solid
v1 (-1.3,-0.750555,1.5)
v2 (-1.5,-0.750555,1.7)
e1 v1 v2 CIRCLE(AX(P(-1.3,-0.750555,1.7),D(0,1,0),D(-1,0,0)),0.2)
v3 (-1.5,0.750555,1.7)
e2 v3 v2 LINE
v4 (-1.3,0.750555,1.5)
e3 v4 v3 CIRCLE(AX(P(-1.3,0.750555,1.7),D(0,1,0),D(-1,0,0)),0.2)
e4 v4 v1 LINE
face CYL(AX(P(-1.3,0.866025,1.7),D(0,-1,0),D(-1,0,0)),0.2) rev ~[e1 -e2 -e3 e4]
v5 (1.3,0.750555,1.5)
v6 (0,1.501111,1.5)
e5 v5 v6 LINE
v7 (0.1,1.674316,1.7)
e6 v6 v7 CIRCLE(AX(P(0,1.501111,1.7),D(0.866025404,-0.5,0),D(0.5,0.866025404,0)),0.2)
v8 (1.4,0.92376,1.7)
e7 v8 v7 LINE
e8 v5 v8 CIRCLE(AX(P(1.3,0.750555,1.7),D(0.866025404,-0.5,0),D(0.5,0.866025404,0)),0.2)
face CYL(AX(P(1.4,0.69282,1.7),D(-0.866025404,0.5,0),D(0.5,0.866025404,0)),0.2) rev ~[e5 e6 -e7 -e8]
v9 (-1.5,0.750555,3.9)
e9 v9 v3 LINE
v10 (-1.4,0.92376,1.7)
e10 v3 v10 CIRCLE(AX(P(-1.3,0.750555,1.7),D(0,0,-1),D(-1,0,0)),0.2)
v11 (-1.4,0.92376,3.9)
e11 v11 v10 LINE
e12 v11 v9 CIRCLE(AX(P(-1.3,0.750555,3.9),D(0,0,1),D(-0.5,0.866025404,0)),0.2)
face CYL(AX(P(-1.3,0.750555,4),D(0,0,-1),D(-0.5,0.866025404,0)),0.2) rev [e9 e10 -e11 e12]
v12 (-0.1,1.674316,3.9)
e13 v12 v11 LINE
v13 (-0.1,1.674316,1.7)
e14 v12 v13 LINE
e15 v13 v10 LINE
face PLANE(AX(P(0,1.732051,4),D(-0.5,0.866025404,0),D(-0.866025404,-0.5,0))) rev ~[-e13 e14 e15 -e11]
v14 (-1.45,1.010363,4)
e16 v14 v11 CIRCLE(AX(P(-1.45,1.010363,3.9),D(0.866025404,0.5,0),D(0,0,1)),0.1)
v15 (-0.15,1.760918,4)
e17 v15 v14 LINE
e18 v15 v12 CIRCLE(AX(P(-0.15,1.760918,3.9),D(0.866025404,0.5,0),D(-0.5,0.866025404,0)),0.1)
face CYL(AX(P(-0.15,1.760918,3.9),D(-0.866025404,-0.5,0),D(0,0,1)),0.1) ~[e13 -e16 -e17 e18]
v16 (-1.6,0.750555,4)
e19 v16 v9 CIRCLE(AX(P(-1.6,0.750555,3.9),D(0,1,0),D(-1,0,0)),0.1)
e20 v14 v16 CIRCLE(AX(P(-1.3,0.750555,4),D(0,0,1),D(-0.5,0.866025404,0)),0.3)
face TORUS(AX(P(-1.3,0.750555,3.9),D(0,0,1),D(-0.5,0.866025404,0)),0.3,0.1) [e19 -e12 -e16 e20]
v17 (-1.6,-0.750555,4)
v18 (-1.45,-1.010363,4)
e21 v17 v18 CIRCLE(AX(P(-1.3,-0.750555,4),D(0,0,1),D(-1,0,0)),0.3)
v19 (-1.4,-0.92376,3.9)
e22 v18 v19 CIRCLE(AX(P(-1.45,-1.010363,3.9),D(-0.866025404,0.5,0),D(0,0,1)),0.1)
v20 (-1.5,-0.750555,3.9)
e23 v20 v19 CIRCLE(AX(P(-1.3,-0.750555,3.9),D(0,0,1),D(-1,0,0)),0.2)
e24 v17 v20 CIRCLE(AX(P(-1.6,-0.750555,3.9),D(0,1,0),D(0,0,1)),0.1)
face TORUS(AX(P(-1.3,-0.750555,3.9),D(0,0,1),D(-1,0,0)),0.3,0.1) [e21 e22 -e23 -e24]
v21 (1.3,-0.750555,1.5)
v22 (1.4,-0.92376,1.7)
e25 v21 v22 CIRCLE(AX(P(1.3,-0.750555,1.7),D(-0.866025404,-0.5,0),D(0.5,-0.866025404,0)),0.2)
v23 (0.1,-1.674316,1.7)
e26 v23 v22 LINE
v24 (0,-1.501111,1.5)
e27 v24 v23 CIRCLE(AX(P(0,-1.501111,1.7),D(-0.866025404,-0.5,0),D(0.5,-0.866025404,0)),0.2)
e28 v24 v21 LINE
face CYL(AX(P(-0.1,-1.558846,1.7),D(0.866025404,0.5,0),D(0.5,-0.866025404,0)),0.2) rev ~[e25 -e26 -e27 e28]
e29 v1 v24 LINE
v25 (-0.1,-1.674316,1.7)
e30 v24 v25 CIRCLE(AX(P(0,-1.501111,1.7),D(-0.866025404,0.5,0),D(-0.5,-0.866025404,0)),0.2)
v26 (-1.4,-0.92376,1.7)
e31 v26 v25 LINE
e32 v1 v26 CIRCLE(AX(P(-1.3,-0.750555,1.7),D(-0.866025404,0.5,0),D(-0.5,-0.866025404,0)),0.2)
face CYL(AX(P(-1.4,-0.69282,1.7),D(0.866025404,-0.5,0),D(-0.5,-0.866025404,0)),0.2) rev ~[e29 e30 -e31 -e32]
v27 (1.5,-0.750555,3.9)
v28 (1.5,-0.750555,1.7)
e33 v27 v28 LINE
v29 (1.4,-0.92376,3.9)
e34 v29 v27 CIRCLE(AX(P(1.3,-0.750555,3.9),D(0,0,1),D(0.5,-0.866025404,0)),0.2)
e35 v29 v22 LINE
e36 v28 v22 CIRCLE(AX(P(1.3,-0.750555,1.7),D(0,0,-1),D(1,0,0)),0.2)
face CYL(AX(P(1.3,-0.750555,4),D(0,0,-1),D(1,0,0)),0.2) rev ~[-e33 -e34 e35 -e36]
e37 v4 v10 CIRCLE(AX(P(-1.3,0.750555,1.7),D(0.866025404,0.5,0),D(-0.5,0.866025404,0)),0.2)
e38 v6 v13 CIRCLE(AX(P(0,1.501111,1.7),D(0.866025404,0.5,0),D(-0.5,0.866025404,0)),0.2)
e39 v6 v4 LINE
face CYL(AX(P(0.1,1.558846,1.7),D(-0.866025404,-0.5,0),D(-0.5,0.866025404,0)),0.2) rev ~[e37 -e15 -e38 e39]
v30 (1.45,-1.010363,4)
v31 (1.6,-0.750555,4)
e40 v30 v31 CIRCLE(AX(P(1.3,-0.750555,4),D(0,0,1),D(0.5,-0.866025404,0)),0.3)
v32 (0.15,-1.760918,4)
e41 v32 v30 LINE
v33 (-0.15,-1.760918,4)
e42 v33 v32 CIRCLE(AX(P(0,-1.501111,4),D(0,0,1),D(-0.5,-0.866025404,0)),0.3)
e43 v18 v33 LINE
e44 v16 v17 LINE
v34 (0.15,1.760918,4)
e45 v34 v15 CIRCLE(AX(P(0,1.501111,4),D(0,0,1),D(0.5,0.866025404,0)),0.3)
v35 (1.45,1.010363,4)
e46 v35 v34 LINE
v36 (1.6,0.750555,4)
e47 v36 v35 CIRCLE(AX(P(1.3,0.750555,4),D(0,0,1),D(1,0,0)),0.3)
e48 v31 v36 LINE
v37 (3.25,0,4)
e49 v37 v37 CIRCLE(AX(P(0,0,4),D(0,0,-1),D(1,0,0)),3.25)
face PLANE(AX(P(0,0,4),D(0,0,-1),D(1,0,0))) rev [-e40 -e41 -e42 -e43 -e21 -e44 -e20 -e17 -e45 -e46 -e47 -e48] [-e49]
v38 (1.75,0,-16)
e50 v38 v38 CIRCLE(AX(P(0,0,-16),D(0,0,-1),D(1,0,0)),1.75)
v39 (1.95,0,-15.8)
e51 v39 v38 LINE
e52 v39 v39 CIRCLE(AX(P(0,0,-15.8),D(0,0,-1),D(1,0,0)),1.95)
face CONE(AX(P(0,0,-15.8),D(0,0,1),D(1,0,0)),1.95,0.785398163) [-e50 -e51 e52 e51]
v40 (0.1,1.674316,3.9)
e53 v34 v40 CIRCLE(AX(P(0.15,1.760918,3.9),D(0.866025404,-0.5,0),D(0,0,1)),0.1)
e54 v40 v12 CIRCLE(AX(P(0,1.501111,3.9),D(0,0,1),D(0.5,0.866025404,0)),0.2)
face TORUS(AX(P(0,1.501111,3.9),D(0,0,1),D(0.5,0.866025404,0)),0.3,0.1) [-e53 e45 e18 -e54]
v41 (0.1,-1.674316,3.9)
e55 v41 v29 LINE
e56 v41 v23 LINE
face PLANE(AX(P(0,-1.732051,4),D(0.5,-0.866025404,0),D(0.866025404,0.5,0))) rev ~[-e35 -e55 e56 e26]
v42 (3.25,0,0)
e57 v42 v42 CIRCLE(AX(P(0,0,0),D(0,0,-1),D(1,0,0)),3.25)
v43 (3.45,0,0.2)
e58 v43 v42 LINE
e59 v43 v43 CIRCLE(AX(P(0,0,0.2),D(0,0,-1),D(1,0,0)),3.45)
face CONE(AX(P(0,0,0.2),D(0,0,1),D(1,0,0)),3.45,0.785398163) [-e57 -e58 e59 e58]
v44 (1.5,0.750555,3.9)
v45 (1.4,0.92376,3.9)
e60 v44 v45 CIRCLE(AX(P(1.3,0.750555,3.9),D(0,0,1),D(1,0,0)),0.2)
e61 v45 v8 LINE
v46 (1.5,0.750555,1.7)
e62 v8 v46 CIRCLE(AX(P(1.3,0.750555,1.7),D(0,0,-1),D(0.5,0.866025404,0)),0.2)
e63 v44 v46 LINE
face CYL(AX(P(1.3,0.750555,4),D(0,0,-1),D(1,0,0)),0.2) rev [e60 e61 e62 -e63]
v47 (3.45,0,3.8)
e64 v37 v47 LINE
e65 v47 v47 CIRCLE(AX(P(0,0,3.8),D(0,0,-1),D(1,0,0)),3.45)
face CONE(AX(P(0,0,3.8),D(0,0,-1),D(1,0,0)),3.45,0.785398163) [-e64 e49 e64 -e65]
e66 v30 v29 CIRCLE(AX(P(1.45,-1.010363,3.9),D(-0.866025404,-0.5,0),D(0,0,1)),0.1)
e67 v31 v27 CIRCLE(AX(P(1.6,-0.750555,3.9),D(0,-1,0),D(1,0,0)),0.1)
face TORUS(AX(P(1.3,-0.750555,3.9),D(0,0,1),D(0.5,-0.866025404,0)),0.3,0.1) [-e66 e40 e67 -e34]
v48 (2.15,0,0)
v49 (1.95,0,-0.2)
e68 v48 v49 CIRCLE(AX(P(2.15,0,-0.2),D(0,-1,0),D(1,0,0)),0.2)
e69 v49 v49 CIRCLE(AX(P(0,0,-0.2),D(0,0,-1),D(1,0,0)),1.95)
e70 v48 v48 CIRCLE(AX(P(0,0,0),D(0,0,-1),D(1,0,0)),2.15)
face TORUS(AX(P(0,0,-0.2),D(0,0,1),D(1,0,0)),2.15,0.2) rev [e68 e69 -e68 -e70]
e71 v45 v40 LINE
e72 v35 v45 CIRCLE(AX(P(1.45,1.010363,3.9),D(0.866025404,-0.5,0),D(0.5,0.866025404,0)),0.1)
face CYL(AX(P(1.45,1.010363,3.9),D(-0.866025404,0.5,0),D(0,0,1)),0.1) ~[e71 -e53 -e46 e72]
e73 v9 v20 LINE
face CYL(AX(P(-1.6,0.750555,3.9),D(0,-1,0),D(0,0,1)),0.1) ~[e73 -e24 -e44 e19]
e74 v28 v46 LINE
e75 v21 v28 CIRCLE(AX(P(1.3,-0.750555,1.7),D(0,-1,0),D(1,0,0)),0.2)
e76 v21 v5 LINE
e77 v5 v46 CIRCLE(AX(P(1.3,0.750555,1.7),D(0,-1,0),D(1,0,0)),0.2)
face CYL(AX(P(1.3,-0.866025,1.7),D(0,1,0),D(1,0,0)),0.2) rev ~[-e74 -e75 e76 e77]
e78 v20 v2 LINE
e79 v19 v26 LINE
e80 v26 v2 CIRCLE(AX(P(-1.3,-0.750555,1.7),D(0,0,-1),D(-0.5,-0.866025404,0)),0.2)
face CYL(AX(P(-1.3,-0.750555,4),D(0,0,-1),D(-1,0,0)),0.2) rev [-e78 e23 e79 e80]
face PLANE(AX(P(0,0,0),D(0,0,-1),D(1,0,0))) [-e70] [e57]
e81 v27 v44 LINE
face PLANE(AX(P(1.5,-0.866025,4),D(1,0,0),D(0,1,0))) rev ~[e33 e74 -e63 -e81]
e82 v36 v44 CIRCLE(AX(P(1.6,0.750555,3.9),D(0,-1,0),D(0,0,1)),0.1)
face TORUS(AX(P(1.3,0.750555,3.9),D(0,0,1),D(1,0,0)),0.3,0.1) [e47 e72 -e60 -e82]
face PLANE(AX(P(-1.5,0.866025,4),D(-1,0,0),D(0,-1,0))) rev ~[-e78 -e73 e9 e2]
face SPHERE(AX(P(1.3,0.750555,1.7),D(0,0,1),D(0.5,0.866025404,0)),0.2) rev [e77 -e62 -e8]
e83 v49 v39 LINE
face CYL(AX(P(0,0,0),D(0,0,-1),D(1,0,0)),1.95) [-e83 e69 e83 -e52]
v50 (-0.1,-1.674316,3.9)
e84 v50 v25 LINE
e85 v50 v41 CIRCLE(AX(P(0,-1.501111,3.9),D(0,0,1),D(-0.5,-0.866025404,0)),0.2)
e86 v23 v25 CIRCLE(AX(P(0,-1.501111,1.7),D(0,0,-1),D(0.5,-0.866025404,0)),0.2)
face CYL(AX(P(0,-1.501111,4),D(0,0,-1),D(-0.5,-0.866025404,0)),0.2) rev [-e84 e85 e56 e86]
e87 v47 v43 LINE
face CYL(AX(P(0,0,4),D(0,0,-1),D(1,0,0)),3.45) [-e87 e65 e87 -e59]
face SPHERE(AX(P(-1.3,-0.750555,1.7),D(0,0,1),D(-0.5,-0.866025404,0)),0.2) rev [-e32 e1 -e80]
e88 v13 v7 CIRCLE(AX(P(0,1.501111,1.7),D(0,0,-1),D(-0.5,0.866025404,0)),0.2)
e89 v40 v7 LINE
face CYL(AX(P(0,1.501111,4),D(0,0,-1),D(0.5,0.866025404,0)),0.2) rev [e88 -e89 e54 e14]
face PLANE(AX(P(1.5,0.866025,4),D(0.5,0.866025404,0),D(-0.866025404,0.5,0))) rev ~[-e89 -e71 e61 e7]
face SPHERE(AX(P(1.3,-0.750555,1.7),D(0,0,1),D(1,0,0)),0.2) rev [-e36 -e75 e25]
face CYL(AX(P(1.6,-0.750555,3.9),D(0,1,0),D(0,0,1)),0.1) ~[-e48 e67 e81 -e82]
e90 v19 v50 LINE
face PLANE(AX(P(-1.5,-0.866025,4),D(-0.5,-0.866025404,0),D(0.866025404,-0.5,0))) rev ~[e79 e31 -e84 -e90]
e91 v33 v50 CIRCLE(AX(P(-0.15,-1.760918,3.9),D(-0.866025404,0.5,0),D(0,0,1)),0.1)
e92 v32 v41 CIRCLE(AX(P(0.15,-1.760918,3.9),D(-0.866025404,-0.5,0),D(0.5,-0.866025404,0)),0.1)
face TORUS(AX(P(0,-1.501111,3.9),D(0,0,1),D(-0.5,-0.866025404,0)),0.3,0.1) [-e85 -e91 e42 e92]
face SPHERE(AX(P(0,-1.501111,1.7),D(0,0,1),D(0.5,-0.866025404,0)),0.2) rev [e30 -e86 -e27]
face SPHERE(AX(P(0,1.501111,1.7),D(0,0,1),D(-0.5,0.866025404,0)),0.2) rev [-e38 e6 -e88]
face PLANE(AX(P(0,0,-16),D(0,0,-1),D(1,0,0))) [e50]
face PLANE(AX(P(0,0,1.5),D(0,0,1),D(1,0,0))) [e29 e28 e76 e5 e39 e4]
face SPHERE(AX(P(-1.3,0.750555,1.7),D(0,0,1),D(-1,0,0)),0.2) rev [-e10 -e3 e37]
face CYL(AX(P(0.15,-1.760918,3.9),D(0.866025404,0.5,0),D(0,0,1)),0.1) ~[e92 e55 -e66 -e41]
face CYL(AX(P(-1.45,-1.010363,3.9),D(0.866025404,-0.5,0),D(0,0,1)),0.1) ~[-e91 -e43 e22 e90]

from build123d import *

# Parameters (mm, degrees)
SCHNITT_LINEAR_AUSTRAGEN1_DEPTH = 2.5
FASE1_SIZE                      = 0.2
VERRUNDUNG1_R                   = 0.2
VERRUNDUNG2_R                   = 0.1


with BuildPart() as part:
    # Skizze1 → Rotation1 (revolve)
    with BuildSketch(Plane(origin=(0, 0, 0), x_dir=(0, 0, -1), z_dir=(1, 0, 0))):
        Polygon((-4, 0), (-4, 3.45), (0, 3.45), (0, 1.95), (16, 1.95), (16, 0), align=None)
    revolve(axis=Axis((0, 0, 21.919879518), (0, 0, -1)))

    # Skizze2 → Schnitt-Linear austragen1 (cut)
    with BuildSketch(Plane.XY.offset(4)):
        Polygon((1.5, -0.866025404), (1.5, 0.866025404), (0, 1.732050808), (-1.5, 0.866025404), (-1.5, -0.866025404), (0, -1.732050808), align=None)
    extrude(amount=-SCHNITT_LINEAR_AUSTRAGEN1_DEPTH, mode=Mode.SUBTRACT)

    # Fase1
    fase1_edges = [part.edges().sort_by_distance(p)[0] for p in [
        (0, -3.45, 4),
        (0, -3.45, 0),
        (0, -1.95, -16),
    ]]
    chamfer(fase1_edges, length=FASE1_SIZE)

    # Verrundung1
    verrundung1_edges = [part.edges().sort_by_distance(p)[0] for p in [
        (-0.75, -1.299038106, 1.5),
        (-1.5, 0, 1.5),
        (-0.75, 1.299038106, 1.5),
        (0.75, 1.299038106, 1.5),
        (1.5, 0, 1.5),
        (0.75, -1.299038106, 1.5),
        (-1.5, -0.866025404, 2.75),
        (0, -1.732050808, 2.75),
        (1.5, -0.866025404, 2.75),
        (1.5, 0.866025404, 2.75),
        (0, 1.732050808, 2.75),
        (-1.5, 0.866025404, 2.75),
        (0, -1.95, 0),
    ]]
    fillet(verrundung1_edges, radius=VERRUNDUNG1_R)

    # Verrundung2
    verrundung2_edges = [part.edges().sort_by_distance(p)[0] for p in [
        (1.473205081, -0.85055535, 4),
        (0.75, -1.299038106, 4),
        (0, -1.7011107, 4),
        (-0.75, -1.299038106, 4),
        (-1.473205081, -0.85055535, 4),
        (-1.5, 0, 4),
        (-1.473205081, 0.85055535, 4),
        (-0.75, 1.299038106, 4),
        (0, 1.7011107, 4),
        (0.75, 1.299038106, 4),
        (1.473205081, 0.85055535, 4),
        (1.5, 0, 4),
    ]]
    fillet(verrundung2_edges, radius=VERRUNDUNG2_R)


solid = part.part
